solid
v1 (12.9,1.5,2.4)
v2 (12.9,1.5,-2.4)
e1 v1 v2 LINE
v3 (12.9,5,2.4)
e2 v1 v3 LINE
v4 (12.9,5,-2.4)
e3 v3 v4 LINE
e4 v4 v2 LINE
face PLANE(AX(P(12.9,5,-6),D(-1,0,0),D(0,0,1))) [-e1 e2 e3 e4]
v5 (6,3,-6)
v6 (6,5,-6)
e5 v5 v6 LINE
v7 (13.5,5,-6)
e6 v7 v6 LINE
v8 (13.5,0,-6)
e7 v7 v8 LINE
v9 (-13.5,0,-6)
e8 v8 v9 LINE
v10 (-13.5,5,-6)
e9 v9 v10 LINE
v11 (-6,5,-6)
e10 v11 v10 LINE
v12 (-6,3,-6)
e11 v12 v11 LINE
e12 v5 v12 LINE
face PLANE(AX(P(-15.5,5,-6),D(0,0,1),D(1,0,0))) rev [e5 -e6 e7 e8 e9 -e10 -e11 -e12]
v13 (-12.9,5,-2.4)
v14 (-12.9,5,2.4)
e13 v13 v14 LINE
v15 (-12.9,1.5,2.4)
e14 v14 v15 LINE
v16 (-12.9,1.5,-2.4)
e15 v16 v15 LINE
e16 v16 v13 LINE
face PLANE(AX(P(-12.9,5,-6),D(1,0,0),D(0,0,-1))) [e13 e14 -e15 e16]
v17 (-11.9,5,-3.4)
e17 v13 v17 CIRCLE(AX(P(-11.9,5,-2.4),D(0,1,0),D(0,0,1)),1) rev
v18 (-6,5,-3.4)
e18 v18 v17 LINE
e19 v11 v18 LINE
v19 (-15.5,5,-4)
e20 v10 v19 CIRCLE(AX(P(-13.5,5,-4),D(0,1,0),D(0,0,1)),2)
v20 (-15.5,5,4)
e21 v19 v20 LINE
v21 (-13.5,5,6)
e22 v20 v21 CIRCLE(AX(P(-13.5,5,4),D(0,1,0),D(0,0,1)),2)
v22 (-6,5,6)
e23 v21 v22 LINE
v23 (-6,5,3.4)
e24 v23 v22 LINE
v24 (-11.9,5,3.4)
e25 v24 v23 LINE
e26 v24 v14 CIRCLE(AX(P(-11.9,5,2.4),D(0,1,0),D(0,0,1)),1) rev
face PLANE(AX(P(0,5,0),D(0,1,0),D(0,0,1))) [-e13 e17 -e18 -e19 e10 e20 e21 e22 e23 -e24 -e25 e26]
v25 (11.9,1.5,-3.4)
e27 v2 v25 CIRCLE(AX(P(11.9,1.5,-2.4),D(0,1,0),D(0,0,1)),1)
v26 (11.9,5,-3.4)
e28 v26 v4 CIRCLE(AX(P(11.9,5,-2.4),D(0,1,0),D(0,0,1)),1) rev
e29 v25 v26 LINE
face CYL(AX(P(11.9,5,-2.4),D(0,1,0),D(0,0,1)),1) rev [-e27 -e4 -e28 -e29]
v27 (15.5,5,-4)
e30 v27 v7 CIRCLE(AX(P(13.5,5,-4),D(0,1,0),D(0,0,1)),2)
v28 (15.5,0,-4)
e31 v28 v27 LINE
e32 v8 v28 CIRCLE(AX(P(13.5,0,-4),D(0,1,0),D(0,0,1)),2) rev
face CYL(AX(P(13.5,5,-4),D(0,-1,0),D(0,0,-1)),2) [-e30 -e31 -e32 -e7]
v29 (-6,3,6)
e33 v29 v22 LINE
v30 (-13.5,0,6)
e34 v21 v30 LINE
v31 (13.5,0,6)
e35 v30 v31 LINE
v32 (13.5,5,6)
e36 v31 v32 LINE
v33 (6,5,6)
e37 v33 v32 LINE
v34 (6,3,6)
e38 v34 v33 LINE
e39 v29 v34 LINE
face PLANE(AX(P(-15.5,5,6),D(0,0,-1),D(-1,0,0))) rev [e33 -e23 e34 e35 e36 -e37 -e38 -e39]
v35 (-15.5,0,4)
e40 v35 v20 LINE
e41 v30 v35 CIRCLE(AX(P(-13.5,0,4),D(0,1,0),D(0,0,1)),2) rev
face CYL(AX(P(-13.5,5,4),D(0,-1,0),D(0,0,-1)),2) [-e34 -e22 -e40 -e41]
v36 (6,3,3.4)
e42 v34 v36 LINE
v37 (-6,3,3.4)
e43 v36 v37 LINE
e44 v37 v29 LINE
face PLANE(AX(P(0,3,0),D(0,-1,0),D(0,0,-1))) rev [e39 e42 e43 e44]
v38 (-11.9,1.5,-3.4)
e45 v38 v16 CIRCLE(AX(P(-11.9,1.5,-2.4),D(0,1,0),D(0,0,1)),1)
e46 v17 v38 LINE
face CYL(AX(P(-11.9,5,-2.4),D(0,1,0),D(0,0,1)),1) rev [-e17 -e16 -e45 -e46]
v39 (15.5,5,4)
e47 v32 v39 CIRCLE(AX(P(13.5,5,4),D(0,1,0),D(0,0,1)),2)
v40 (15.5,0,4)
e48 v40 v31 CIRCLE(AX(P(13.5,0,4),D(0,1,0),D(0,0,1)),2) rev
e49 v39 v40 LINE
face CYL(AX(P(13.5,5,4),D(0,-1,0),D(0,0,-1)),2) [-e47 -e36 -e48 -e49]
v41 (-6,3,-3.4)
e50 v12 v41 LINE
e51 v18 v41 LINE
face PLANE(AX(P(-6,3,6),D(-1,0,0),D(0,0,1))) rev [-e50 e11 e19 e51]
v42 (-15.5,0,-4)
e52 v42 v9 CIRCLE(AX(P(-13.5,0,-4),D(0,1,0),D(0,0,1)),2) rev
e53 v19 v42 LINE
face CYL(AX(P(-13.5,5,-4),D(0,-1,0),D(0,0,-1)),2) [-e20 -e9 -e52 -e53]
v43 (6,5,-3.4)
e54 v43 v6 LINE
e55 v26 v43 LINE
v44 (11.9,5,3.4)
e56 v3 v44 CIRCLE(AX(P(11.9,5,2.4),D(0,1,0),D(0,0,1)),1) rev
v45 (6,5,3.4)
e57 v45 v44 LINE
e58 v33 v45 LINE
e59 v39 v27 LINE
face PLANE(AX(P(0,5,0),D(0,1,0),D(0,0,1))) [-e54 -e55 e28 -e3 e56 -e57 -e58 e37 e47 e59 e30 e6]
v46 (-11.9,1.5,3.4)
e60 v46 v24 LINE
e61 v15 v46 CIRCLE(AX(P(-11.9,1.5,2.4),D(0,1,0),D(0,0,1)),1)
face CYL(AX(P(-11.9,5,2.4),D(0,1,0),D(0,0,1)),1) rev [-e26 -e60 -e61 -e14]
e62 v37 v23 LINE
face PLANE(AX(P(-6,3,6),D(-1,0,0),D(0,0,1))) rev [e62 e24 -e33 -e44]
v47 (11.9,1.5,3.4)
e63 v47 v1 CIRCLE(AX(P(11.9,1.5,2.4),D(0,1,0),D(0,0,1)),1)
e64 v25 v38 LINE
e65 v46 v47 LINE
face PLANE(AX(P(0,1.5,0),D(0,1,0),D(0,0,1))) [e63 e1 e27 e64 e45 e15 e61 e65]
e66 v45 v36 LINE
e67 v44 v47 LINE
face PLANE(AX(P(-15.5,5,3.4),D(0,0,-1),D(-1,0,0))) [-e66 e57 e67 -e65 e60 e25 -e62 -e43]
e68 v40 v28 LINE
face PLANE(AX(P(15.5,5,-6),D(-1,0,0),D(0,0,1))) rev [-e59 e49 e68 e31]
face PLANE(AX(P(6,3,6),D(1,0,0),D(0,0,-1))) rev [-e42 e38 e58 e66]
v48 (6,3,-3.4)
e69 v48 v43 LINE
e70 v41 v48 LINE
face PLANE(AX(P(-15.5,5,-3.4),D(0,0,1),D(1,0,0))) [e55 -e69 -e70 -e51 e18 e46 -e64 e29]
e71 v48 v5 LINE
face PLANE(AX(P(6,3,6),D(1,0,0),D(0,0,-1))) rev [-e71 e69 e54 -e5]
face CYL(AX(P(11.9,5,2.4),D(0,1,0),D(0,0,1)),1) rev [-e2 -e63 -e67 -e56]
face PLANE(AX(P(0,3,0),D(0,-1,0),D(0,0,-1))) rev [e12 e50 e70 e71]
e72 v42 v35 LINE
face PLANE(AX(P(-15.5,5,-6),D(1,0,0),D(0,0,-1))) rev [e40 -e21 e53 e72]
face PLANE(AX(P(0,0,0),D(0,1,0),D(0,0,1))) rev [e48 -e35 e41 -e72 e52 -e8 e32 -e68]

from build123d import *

# Parameters (mm, degrees)
SKETCH1_W                 = 31
SKETCH1_H                 = 12
BOSS_EXTRUDE1_DEPTH       = 5
SHELL1_T                  = -2.6
SHELL1_THICKNESS_2_FACE_W = 6.8
SHELL1_THICKNESS_2_FACE_H = 25.8
SHELL1_THICKNESS_2_DEPTH  = 1.1
SKETCH2_W                 = 12
SKETCH2_H                 = 12
CUT_EXTRUDE1_DEPTH        = 2
FILLET1_R                 = 2
FILLET2_R                 = 1


with BuildPart() as part:
    # Sketch1 → Boss-Extrude1 (new body)
    with BuildSketch(Plane(origin=(0, 0, 0), x_dir=(1, 0, 0), z_dir=(0, 1, 0))):
        Rectangle(SKETCH1_W, SKETCH1_H)
    extrude(amount=BOSS_EXTRUDE1_DEPTH)

    # Shell1
    shell1_openings = [part.faces().sort_by_distance(p)[0] for p in [
        (0, 5, 0),
    ]]
    offset(amount=SHELL1_T, openings=shell1_openings, kind=Kind.INTERSECTION)

    # Shell1 thickness 2 face (on inner face of the shell) → Shell1 thickness 2 (cut)
    with BuildSketch(Plane(origin=(0, 2.6, 0), x_dir=(0, 0, -1), z_dir=(0, -1, 0))):
        Rectangle(SHELL1_THICKNESS_2_FACE_W, SHELL1_THICKNESS_2_FACE_H)
    extrude(amount=SHELL1_THICKNESS_2_DEPTH, mode=Mode.SUBTRACT)

    # Sketch2 → Cut-Extrude1 (cut)
    with BuildSketch(Plane(origin=(0, 5, 0), x_dir=(1, 0, 0), z_dir=(0, 1, 0))):
        Rectangle(SKETCH2_W, SKETCH2_H)
    extrude(amount=-CUT_EXTRUDE1_DEPTH, mode=Mode.SUBTRACT)

    # Fillet1
    fillet1_edges = [part.edges().sort_by_distance(p)[0] for p in [
        (15.5, 2.5, 6),
        (-15.5, 2.5, 6),
        (-15.5, 2.5, -6),
        (15.5, 2.5, -6),
    ]]
    fillet(fillet1_edges, radius=FILLET1_R)

    # Fillet2
    fillet2_edges = [part.edges().sort_by_distance(p)[0] for p in [
        (12.9, 3.25, 3.4),
        (12.9, 3.25, -3.4),
        (-12.9, 3.25, -3.4),
        (-12.9, 3.25, 3.4),
    ]]
    fillet(fillet2_edges, radius=FILLET2_R)


solid = part.part
